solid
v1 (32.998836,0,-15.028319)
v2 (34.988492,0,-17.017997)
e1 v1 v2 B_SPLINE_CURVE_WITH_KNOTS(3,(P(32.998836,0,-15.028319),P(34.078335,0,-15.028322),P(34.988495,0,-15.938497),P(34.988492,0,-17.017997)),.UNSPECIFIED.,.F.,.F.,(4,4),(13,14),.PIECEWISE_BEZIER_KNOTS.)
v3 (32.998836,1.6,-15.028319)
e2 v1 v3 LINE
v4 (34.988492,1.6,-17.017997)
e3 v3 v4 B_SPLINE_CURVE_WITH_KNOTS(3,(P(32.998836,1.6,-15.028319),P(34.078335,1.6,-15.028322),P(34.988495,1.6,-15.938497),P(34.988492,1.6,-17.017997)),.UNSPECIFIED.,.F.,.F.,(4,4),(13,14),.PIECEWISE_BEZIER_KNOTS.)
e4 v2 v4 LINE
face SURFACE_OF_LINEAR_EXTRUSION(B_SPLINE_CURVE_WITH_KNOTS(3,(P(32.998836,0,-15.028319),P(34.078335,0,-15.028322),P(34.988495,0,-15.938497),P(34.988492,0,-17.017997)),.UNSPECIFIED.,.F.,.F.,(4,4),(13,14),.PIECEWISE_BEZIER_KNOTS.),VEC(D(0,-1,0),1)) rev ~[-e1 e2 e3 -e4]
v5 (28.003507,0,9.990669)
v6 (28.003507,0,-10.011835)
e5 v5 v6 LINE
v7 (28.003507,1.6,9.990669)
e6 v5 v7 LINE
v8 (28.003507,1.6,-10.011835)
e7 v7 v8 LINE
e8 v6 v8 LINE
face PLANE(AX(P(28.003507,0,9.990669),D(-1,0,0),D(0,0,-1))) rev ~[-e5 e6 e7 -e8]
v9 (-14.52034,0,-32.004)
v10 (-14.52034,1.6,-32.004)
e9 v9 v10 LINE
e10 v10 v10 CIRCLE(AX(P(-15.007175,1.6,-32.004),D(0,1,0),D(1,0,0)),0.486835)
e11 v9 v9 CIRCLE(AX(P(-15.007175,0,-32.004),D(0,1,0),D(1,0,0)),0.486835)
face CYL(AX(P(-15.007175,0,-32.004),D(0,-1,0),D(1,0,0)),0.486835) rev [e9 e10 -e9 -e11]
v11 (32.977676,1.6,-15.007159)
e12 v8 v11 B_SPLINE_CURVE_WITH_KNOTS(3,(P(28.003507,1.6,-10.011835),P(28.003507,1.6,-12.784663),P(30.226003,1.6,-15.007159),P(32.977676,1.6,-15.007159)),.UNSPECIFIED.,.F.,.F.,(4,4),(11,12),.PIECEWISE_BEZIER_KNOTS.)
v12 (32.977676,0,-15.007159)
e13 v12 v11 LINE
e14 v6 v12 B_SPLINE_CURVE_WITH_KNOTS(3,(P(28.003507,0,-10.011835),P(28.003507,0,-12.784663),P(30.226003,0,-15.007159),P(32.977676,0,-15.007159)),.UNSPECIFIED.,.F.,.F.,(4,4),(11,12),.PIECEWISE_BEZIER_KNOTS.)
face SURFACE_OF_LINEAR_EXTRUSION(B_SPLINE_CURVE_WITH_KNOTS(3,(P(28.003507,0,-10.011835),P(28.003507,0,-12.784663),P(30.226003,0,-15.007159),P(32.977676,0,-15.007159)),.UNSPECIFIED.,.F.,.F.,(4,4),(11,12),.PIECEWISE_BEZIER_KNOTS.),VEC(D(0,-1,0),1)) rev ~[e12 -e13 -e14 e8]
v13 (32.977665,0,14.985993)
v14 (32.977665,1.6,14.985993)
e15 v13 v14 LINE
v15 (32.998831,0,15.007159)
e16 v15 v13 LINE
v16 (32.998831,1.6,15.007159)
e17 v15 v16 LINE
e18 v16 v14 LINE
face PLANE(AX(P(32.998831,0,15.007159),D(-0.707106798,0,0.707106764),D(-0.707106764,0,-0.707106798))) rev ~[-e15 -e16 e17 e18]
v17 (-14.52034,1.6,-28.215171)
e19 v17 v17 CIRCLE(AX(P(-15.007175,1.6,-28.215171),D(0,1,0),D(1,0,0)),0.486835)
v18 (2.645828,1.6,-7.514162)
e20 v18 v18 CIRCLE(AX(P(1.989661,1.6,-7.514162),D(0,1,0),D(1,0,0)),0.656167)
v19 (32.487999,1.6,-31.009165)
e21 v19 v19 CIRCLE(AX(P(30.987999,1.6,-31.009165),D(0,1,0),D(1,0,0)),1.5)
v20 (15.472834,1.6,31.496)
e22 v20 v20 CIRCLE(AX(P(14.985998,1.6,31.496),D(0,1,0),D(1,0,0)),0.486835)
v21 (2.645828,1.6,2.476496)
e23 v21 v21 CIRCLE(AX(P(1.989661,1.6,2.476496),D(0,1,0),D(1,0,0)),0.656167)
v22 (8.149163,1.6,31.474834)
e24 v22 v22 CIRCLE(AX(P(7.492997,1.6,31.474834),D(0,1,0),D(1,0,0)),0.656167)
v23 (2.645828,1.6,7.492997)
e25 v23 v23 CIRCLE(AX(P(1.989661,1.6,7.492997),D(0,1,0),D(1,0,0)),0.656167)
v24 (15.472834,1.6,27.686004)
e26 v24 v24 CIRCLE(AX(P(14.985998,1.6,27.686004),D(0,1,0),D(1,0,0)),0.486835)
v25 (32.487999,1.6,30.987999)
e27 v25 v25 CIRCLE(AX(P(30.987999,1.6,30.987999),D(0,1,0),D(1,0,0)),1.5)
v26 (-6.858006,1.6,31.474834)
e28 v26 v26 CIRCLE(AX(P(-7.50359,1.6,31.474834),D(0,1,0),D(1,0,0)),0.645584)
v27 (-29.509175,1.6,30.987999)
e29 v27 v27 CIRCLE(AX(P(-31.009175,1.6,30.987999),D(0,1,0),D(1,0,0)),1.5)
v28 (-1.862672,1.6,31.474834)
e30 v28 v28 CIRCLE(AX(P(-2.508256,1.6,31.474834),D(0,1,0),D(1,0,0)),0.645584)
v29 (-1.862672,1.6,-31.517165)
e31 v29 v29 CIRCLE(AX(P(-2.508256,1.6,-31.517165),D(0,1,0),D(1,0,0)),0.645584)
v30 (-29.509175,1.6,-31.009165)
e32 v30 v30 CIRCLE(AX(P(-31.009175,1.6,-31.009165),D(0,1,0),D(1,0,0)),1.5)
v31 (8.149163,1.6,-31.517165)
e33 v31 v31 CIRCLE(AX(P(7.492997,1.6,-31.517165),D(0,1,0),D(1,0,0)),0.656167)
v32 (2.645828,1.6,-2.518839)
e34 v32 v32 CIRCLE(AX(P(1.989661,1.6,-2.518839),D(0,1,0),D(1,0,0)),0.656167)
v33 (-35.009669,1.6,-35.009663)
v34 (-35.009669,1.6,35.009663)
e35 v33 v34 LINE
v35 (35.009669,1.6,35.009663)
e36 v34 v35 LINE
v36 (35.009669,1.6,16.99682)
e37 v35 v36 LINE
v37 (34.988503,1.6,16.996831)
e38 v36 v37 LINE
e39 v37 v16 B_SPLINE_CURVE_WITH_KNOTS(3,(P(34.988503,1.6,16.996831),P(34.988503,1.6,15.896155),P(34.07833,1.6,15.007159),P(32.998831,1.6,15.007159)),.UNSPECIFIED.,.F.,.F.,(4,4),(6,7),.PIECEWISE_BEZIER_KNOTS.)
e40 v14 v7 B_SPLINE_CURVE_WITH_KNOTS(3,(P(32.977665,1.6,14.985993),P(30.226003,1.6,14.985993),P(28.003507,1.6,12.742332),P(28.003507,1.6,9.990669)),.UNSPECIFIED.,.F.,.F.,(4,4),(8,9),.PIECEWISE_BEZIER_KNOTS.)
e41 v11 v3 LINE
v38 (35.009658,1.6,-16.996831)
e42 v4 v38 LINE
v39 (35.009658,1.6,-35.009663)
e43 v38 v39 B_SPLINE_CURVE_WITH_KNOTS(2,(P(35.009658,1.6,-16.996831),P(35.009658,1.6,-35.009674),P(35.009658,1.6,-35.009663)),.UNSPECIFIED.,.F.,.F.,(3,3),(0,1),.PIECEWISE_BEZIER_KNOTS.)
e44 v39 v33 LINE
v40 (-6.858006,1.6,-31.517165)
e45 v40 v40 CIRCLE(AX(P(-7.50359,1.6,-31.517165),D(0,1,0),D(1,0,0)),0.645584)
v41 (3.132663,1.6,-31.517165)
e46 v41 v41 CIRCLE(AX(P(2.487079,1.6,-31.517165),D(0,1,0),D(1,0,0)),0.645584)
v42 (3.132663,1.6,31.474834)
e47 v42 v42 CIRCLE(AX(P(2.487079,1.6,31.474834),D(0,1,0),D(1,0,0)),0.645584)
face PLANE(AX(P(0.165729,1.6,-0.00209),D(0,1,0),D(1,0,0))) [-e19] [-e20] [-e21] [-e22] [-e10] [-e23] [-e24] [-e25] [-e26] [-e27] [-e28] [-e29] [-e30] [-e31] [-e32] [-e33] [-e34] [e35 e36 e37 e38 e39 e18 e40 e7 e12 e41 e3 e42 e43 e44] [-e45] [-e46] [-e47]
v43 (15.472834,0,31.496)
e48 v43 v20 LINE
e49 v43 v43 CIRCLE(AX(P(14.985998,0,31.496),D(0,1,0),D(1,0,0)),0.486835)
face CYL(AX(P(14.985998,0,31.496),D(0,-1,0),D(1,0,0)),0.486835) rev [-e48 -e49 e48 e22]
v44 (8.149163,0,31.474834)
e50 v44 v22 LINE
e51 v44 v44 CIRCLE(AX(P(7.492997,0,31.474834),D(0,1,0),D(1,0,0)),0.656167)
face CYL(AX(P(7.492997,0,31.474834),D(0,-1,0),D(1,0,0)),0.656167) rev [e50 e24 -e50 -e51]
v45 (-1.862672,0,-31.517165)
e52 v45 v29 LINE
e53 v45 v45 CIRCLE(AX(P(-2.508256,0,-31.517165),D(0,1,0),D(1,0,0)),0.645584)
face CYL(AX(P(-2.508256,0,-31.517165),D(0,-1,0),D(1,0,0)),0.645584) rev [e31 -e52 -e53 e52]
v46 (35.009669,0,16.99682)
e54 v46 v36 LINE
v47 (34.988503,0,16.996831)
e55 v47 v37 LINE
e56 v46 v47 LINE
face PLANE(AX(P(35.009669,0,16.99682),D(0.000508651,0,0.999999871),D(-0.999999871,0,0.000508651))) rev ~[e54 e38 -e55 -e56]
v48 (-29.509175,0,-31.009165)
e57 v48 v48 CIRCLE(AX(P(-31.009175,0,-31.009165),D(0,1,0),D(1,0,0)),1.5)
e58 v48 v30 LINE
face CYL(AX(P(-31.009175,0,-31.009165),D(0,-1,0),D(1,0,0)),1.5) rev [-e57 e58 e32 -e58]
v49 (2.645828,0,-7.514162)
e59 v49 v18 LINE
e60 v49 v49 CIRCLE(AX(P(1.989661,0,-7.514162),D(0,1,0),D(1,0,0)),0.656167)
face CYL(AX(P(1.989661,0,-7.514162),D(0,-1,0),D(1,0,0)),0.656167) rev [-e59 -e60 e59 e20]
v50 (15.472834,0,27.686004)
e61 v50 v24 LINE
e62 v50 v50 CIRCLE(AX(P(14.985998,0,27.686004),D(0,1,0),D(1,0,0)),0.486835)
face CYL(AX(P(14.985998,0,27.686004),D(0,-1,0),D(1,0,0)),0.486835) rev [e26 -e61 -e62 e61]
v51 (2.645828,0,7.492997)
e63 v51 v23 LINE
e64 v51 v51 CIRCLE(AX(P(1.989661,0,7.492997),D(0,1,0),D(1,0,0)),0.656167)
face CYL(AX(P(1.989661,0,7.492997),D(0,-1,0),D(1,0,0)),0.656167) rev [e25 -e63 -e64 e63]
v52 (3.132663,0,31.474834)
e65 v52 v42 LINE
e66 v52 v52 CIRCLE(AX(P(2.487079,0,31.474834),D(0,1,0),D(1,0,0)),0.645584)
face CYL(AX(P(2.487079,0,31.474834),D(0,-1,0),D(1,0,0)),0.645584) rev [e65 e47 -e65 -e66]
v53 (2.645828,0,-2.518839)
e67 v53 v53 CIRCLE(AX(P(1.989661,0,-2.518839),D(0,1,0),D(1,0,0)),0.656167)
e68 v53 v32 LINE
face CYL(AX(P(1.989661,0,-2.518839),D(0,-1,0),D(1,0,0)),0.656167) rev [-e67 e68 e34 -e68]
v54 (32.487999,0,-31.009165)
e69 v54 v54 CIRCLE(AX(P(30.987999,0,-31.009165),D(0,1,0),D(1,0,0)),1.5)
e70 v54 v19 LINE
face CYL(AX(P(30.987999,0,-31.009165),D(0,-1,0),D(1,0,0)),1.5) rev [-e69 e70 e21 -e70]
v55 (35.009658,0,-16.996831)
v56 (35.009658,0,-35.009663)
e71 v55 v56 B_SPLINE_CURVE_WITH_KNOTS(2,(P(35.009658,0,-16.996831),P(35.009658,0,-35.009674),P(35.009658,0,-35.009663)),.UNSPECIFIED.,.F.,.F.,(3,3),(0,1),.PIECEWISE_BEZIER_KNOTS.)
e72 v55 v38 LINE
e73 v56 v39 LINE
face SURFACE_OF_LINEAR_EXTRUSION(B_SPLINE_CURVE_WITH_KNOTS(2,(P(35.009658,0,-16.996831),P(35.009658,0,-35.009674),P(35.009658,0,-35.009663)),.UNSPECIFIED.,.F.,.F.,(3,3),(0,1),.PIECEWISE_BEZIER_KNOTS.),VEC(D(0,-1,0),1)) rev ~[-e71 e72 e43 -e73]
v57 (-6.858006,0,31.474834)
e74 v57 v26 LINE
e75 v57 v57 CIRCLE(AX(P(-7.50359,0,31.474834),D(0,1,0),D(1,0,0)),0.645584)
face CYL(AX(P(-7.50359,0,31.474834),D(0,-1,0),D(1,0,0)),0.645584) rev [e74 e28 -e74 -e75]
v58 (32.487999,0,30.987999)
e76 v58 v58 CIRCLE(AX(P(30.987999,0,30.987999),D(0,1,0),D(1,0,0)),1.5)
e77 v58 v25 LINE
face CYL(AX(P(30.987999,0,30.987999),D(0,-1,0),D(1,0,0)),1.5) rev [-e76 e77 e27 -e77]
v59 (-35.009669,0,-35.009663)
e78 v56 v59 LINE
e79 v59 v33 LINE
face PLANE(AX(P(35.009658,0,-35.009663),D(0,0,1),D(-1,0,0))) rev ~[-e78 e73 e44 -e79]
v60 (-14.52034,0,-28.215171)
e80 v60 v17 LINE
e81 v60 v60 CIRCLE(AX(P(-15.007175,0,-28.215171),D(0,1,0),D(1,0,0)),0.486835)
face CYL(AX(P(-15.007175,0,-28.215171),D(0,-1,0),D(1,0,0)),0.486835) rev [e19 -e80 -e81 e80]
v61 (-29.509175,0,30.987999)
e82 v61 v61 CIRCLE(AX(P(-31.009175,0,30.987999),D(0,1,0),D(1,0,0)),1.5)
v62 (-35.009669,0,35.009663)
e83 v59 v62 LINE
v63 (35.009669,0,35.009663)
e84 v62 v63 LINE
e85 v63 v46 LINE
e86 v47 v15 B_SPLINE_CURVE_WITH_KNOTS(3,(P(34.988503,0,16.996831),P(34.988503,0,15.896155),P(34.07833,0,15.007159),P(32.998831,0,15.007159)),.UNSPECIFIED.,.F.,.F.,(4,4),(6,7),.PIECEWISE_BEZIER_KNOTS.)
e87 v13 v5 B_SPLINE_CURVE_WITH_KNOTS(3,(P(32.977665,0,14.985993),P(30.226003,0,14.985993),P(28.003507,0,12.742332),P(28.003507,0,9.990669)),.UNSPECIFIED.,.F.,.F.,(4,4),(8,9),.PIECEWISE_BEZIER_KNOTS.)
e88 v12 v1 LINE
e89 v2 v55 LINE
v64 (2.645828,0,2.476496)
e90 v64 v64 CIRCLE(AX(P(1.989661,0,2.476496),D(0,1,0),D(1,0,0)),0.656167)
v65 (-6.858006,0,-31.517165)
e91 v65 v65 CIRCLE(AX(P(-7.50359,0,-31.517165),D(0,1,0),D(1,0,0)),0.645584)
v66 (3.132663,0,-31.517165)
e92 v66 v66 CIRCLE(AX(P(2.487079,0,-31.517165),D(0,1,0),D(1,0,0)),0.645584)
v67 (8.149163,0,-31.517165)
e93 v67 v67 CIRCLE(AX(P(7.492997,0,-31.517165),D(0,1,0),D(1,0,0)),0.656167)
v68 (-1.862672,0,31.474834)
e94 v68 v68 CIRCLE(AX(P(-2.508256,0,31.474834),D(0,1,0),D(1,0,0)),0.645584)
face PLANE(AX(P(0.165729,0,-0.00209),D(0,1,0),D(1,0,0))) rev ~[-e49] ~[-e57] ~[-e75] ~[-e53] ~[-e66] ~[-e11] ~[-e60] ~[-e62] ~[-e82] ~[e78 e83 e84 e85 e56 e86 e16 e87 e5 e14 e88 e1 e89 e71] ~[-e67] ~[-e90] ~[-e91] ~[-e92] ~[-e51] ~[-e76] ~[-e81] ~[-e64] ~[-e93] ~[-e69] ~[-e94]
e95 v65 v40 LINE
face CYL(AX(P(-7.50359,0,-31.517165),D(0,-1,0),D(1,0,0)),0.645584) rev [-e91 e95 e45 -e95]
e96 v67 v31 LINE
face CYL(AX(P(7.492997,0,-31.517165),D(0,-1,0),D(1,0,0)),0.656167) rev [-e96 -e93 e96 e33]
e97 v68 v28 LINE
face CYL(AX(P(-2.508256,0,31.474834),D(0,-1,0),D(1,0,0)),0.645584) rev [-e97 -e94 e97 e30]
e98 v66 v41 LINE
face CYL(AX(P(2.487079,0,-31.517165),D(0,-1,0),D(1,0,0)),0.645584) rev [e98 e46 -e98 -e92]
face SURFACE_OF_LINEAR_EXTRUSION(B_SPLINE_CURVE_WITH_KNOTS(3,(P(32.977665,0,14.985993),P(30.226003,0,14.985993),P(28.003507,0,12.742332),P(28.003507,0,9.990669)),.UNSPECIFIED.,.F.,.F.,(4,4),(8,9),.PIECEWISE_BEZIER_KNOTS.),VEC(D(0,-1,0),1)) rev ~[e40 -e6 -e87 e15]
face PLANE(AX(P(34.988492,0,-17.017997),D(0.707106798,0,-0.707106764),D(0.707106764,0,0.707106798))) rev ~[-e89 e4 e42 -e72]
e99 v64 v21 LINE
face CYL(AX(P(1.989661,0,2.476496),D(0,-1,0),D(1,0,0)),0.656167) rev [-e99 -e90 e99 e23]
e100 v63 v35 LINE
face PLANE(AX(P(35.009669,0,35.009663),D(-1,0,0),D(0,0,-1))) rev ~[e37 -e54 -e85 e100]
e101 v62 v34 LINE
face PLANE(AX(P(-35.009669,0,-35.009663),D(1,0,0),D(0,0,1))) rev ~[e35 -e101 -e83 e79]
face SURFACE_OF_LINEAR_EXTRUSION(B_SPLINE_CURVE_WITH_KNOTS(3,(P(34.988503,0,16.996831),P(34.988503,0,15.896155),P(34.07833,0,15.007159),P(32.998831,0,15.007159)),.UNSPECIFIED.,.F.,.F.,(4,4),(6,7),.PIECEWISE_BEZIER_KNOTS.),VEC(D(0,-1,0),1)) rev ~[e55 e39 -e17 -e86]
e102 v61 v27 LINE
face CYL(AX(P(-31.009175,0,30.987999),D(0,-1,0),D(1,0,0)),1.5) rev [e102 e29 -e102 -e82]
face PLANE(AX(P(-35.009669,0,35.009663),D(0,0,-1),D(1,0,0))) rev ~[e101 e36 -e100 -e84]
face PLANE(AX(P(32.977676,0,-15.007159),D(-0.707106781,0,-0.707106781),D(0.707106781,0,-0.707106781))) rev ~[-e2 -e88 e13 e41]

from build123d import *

# Parameters (mm, degrees)
SKETCH1_R           = 0.645583979
SKETCH1_R_2         = 0.656166882
SKETCH1_R_3         = 0.486835056
SKETCH1_R_4         = 1.5
BOSS_EXTRUDE1_DEPTH = 1.6


with BuildPart() as part:
    # Sketch1 → Boss-Extrude1 (new body)
    with BuildSketch(Plane(origin=(0, 0, 0), x_dir=(1, 0, 0), z_dir=(0, 1, 0))):
        with BuildLine():
            Line((35.009657829, 35.009663213), (-35.009668596, 35.009663213))
            Line((-35.009668596, 35.009663213), (-35.009668596, -35.009663213))
            Line((-35.009668596, -35.009663213), (35.009668596, -35.009663213))
            Line((35.009668596, -35.009663213), (35.009668596, -16.996819979))
            Line((35.009668596, -16.996819979), (34.988502791, -16.996830745))
            add(Edge.make_bspline(
                [(34.988502791, -16.996830745), (34.988502791, -15.896155035), (34.078330096, -15.007158911), (32.998830957, -15.007158912)],
                knots=[6, 6, 6, 6, 7, 7, 7, 7], degree=3))
            Line((32.998830957, -15.007158912), (32.977665152, -14.985993106))
            add(Edge.make_bspline(
                [(32.977665152, -14.985993106), (30.226002792, -14.985993106), (28.003507099, -12.742331608), (28.003507099, -9.990669248)],
                knots=[8, 8, 8, 8, 9, 9, 9, 9], degree=3))
            Line((28.003507099, -9.990669248), (28.003507099, 9.990669248))
            Line((28.003507099, 9.990669248), (28.003507099, 10.011835053))
            add(Edge.make_bspline(
                [(28.003507099, 10.011835053), (28.003507099, 12.784663218), (30.226002792, 15.007158911), (32.977675917, 15.007158911)],
                knots=[11, 11, 11, 11, 12, 12, 12, 12], degree=3))
            Line((32.977675917, 15.007158911), (32.99883634, 15.028319334))
            add(Edge.make_bspline(
                [(32.99883634, 15.028319334), (34.078335478, 15.028322254), (34.988494945, 15.938497412), (34.988492025, 17.017996551)],
                knots=[13, 13, 13, 13, 14, 14, 14, 14], degree=3))
            Line((34.988492025, 17.017996551), (35.00965783, 16.996830745))
            add(Edge.make_bspline(
                [(35.00965783, 16.996830745), (35.009657829, 35.009673979), (35.009657829, 35.009663213)],
                knots=[0, 0, 0, 1, 1, 1], degree=2))
        make_face()
        with Locations((-7.503590222, 31.517165368)):
            Circle(SKETCH1_R, mode=Mode.SUBTRACT)
        with Locations((-2.508255598, 31.517165368)):
            Circle(SKETCH1_R, mode=Mode.SUBTRACT)
        with Locations((2.487079026, 31.517165369)):
            Circle(SKETCH1_R, mode=Mode.SUBTRACT)
        with Locations((7.492996552, 31.517165369)):
            Circle(SKETCH1_R_2, mode=Mode.SUBTRACT)
        with Locations((-15.007175061, 28.215170536)):
            Circle(SKETCH1_R_3, mode=Mode.SUBTRACT)
        with Locations((-15.007175061, 32.004000424)):
            Circle(SKETCH1_R_3, mode=Mode.SUBTRACT)
        with Locations((1.989661068, 7.51416236)):
            Circle(SKETCH1_R_2, mode=Mode.SUBTRACT)
        with Locations((1.989661069, 2.518838502)):
            Circle(SKETCH1_R_2, mode=Mode.SUBTRACT)
        with Locations((1.989661069, -2.476496122)):
            Circle(SKETCH1_R_2, mode=Mode.SUBTRACT)
        with Locations((1.989661069, -7.492996551)):
            Circle(SKETCH1_R_2, mode=Mode.SUBTRACT)
        with Locations((-7.503590219, -31.474833755)):
            Circle(SKETCH1_R, mode=Mode.SUBTRACT)
        with Locations((-2.508255595, -31.474833755)):
            Circle(SKETCH1_R, mode=Mode.SUBTRACT)
        with Locations((2.487079029, -31.474833754)):
            Circle(SKETCH1_R, mode=Mode.SUBTRACT)
        with Locations((7.492996555, -31.474833754)):
            Circle(SKETCH1_R_2, mode=Mode.SUBTRACT)
        with Locations((-31.009175272, 31.009164506)):
            Circle(SKETCH1_R_4, mode=Mode.SUBTRACT)
        with Locations((30.9879987, 31.009164509)):
            Circle(SKETCH1_R_4, mode=Mode.SUBTRACT)
        with Locations((-31.009175269, -30.9879987)):
            Circle(SKETCH1_R_4, mode=Mode.SUBTRACT)
        with Locations((30.987998703, -30.987998698)):
            Circle(SKETCH1_R_4, mode=Mode.SUBTRACT)
        with Locations((14.985998491, -27.686003867)):
            Circle(SKETCH1_R_3, mode=Mode.SUBTRACT)
        with Locations((14.985998491, -31.495999559)):
            Circle(SKETCH1_R_3, mode=Mode.SUBTRACT)
    extrude(amount=BOSS_EXTRUDE1_DEPTH)


solid = part.part
